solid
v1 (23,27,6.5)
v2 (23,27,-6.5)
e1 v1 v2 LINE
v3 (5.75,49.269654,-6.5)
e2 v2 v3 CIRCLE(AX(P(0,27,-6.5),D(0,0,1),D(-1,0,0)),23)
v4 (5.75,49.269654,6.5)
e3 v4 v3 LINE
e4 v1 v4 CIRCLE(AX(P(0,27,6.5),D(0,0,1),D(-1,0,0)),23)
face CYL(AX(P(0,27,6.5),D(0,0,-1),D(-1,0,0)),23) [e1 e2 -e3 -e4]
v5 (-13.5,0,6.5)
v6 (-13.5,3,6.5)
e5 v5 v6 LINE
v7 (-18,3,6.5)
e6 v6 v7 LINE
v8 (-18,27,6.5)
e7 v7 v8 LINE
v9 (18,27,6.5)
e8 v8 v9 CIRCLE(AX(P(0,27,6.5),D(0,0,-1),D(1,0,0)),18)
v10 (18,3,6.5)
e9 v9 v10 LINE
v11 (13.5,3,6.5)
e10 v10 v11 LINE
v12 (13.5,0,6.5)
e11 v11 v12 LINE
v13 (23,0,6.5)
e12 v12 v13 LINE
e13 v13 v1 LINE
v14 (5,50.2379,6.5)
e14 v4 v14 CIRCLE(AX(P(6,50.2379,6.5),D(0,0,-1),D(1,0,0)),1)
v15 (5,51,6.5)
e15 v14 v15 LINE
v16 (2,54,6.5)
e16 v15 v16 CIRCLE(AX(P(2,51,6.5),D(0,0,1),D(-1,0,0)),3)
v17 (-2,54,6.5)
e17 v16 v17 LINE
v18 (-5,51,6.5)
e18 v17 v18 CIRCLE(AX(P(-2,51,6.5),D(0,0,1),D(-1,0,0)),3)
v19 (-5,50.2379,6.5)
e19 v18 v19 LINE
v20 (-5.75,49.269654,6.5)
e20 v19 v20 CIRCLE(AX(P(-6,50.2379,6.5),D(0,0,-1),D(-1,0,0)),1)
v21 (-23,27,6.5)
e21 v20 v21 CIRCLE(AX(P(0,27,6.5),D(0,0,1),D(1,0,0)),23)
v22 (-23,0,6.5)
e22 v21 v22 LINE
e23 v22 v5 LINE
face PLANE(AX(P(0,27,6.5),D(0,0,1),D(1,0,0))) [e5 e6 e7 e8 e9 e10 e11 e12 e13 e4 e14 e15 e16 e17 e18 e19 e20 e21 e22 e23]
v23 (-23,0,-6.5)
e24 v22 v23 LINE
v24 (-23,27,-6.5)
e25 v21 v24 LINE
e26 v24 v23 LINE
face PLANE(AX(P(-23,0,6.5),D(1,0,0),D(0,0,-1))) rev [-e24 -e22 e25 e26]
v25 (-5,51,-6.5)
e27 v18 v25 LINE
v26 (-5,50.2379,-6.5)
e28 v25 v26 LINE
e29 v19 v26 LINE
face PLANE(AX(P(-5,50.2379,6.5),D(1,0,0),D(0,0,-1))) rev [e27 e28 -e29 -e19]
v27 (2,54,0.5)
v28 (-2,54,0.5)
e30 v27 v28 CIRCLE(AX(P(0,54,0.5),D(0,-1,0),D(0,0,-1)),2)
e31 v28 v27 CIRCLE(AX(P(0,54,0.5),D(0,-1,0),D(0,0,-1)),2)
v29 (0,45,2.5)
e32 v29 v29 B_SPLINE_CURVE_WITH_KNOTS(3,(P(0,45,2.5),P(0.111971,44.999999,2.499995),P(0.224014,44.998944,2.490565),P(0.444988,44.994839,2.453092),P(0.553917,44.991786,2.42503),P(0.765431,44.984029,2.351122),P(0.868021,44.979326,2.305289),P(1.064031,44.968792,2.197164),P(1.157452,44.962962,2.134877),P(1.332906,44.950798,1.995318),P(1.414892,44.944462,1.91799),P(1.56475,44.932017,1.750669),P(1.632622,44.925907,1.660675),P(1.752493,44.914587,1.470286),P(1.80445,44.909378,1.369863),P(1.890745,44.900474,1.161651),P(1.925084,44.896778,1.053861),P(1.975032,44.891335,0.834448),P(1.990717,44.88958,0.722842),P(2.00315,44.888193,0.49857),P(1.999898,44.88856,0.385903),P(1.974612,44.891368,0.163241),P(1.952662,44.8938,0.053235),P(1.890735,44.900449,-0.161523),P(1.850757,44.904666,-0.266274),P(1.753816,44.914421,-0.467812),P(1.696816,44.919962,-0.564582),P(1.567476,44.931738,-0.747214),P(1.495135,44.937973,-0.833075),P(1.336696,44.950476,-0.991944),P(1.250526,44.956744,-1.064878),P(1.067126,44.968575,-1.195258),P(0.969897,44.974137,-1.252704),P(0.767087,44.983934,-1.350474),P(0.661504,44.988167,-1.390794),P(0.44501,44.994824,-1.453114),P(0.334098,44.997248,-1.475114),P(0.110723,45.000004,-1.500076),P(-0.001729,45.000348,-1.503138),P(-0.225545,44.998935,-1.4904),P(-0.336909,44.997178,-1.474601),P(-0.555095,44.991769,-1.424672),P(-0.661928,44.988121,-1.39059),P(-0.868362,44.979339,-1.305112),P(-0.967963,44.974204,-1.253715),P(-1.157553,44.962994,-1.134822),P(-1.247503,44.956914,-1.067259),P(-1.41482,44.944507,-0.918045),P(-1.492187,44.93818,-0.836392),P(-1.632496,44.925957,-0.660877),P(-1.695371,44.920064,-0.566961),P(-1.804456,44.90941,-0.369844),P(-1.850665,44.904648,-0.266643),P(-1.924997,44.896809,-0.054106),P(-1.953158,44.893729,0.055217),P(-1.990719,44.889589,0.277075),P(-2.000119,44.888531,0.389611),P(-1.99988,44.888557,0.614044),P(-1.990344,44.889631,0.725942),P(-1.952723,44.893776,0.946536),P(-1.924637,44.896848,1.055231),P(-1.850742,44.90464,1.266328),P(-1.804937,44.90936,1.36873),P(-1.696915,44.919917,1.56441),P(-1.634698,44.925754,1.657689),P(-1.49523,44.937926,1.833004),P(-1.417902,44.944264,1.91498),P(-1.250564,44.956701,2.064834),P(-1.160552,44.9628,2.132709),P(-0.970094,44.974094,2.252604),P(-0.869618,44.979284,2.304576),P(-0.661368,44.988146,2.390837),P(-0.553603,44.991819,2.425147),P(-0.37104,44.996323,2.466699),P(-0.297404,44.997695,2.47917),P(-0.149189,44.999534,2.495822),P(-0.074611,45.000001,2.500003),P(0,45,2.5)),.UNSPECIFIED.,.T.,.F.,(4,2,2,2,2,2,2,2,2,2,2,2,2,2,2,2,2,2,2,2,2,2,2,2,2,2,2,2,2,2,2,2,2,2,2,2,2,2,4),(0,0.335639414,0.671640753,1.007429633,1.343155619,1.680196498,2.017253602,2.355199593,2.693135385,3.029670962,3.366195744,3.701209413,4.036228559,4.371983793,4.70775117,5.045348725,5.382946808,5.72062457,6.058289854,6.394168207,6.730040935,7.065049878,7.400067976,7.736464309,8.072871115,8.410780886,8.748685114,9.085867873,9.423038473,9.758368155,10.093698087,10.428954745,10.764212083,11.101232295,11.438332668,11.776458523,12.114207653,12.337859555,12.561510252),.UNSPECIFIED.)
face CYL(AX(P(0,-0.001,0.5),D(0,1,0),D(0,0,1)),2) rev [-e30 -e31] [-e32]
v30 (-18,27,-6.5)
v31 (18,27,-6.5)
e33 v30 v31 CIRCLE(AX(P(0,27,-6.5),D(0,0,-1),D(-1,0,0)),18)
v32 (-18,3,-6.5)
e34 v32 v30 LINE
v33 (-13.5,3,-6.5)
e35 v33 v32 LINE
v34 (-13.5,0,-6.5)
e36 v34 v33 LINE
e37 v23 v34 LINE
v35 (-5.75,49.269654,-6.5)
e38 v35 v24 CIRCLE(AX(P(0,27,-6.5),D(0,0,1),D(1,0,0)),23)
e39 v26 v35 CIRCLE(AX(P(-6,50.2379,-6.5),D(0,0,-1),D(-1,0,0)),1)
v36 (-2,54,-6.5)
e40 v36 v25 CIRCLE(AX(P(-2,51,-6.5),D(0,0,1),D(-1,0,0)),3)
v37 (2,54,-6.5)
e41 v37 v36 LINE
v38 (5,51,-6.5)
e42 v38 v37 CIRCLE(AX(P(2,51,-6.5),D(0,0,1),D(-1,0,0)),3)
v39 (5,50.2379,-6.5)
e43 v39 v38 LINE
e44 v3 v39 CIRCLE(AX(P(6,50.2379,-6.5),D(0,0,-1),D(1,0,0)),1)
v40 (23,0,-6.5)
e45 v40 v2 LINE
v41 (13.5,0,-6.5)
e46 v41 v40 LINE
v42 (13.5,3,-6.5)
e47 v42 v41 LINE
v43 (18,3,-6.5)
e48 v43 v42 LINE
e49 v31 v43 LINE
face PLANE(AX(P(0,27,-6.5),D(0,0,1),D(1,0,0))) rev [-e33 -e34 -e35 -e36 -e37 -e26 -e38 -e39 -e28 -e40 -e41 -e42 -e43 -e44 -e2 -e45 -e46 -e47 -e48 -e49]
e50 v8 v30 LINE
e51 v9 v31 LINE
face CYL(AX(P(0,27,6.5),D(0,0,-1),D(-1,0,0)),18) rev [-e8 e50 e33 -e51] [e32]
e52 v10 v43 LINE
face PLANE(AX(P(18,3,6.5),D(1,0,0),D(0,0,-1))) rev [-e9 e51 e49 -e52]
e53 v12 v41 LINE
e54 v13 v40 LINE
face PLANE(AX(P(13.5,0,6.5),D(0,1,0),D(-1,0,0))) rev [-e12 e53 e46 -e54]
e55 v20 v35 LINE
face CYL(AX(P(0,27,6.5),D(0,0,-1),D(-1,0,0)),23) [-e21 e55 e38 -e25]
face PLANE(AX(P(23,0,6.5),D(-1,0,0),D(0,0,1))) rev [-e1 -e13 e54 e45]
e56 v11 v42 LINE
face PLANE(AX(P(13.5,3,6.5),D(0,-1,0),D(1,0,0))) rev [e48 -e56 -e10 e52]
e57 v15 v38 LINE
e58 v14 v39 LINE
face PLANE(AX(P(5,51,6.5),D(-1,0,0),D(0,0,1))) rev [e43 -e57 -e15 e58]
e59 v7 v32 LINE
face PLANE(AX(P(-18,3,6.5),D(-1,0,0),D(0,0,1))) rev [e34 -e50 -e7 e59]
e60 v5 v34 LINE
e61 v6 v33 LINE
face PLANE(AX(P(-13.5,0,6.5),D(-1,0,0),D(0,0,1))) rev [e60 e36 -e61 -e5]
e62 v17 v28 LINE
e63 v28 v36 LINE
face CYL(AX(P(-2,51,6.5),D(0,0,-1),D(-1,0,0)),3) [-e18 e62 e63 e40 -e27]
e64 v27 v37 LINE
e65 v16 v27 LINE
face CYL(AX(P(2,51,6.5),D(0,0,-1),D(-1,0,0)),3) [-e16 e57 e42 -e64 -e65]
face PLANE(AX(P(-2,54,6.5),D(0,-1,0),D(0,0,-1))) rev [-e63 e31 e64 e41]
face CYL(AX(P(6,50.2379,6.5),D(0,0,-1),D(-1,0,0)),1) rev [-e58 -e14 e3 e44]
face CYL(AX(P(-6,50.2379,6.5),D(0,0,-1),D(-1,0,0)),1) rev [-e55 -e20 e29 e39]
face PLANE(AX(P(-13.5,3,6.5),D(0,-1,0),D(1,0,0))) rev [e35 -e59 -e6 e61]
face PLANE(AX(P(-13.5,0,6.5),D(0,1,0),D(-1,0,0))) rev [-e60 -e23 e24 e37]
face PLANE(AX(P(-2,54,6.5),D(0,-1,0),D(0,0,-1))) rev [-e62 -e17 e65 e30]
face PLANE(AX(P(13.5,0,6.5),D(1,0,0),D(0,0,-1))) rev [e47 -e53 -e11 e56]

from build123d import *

# Parameters (mm, degrees)
BOSS_EXTRUDE2_DEPTH = 6.5
CUT_EXTRUDE1_START  = 44.888544
SKETCH3_R           = 2
CUT_EXTRUDE1_DEPTH  = 9.111456


with BuildPart() as part:
    # Sketch1 → Boss-Extrude2 (new body, symmetric)
    with BuildSketch(Plane.XY):
        with BuildLine():
            Line((-13.5, 0), (-23, 0))
            Line((-23, 0), (-23, 27))
            ThreePointArc((-23, 27), (-18.183096546, 41.084566021), (-5.75, 49.269654241))
            ThreePointArc((-5.75, 49.269654241), (-5.209430585, 49.625527642), (-5, 50.237900077))
            Line((-5, 50.237900077), (-5, 51))
            ThreePointArc((-5, 51), (-4.121320344, 53.121320344), (-2, 54))
            Line((-2, 54), (2, 54))
            ThreePointArc((2, 54), (4.121320344, 53.121320344), (5, 51))
            Line((5, 51), (5, 50.237900077))
            ThreePointArc((5, 50.237900077), (5.209430585, 49.625527642), (5.75, 49.269654241))
            ThreePointArc((5.75, 49.269654241), (18.183096546, 41.084566021), (23, 27))
            Line((23, 27), (23, 0))
            Line((23, 0), (13.5, 0))
            Line((13.5, 0), (13.5, 3))
            Line((13.5, 3), (18, 3))
            Line((18, 3), (18, 27))
            ThreePointArc((18, 27), (12.727922061, 39.727922061), (0, 45))
            ThreePointArc((0, 45), (-12.727922061, 39.727922061), (-18, 27))
            Line((-18, 27), (-18, 3))
            Line((-18, 3), (-13.5, 3))
            Line((-13.5, 3), (-13.5, 0))
        make_face()
    extrude(amount=BOSS_EXTRUDE2_DEPTH, both=True)

    # Sketch3 → Cut-Extrude1 (cut)
    with BuildSketch(Plane(origin=(0, 0, 0), x_dir=(1, 0, 0), z_dir=(0, 1, 0)).offset(CUT_EXTRUDE1_START)):
        with Locations((0, -0.5)):
            Circle(SKETCH3_R)
    extrude(amount=CUT_EXTRUDE1_DEPTH, mode=Mode.SUBTRACT)


solid = part.part
